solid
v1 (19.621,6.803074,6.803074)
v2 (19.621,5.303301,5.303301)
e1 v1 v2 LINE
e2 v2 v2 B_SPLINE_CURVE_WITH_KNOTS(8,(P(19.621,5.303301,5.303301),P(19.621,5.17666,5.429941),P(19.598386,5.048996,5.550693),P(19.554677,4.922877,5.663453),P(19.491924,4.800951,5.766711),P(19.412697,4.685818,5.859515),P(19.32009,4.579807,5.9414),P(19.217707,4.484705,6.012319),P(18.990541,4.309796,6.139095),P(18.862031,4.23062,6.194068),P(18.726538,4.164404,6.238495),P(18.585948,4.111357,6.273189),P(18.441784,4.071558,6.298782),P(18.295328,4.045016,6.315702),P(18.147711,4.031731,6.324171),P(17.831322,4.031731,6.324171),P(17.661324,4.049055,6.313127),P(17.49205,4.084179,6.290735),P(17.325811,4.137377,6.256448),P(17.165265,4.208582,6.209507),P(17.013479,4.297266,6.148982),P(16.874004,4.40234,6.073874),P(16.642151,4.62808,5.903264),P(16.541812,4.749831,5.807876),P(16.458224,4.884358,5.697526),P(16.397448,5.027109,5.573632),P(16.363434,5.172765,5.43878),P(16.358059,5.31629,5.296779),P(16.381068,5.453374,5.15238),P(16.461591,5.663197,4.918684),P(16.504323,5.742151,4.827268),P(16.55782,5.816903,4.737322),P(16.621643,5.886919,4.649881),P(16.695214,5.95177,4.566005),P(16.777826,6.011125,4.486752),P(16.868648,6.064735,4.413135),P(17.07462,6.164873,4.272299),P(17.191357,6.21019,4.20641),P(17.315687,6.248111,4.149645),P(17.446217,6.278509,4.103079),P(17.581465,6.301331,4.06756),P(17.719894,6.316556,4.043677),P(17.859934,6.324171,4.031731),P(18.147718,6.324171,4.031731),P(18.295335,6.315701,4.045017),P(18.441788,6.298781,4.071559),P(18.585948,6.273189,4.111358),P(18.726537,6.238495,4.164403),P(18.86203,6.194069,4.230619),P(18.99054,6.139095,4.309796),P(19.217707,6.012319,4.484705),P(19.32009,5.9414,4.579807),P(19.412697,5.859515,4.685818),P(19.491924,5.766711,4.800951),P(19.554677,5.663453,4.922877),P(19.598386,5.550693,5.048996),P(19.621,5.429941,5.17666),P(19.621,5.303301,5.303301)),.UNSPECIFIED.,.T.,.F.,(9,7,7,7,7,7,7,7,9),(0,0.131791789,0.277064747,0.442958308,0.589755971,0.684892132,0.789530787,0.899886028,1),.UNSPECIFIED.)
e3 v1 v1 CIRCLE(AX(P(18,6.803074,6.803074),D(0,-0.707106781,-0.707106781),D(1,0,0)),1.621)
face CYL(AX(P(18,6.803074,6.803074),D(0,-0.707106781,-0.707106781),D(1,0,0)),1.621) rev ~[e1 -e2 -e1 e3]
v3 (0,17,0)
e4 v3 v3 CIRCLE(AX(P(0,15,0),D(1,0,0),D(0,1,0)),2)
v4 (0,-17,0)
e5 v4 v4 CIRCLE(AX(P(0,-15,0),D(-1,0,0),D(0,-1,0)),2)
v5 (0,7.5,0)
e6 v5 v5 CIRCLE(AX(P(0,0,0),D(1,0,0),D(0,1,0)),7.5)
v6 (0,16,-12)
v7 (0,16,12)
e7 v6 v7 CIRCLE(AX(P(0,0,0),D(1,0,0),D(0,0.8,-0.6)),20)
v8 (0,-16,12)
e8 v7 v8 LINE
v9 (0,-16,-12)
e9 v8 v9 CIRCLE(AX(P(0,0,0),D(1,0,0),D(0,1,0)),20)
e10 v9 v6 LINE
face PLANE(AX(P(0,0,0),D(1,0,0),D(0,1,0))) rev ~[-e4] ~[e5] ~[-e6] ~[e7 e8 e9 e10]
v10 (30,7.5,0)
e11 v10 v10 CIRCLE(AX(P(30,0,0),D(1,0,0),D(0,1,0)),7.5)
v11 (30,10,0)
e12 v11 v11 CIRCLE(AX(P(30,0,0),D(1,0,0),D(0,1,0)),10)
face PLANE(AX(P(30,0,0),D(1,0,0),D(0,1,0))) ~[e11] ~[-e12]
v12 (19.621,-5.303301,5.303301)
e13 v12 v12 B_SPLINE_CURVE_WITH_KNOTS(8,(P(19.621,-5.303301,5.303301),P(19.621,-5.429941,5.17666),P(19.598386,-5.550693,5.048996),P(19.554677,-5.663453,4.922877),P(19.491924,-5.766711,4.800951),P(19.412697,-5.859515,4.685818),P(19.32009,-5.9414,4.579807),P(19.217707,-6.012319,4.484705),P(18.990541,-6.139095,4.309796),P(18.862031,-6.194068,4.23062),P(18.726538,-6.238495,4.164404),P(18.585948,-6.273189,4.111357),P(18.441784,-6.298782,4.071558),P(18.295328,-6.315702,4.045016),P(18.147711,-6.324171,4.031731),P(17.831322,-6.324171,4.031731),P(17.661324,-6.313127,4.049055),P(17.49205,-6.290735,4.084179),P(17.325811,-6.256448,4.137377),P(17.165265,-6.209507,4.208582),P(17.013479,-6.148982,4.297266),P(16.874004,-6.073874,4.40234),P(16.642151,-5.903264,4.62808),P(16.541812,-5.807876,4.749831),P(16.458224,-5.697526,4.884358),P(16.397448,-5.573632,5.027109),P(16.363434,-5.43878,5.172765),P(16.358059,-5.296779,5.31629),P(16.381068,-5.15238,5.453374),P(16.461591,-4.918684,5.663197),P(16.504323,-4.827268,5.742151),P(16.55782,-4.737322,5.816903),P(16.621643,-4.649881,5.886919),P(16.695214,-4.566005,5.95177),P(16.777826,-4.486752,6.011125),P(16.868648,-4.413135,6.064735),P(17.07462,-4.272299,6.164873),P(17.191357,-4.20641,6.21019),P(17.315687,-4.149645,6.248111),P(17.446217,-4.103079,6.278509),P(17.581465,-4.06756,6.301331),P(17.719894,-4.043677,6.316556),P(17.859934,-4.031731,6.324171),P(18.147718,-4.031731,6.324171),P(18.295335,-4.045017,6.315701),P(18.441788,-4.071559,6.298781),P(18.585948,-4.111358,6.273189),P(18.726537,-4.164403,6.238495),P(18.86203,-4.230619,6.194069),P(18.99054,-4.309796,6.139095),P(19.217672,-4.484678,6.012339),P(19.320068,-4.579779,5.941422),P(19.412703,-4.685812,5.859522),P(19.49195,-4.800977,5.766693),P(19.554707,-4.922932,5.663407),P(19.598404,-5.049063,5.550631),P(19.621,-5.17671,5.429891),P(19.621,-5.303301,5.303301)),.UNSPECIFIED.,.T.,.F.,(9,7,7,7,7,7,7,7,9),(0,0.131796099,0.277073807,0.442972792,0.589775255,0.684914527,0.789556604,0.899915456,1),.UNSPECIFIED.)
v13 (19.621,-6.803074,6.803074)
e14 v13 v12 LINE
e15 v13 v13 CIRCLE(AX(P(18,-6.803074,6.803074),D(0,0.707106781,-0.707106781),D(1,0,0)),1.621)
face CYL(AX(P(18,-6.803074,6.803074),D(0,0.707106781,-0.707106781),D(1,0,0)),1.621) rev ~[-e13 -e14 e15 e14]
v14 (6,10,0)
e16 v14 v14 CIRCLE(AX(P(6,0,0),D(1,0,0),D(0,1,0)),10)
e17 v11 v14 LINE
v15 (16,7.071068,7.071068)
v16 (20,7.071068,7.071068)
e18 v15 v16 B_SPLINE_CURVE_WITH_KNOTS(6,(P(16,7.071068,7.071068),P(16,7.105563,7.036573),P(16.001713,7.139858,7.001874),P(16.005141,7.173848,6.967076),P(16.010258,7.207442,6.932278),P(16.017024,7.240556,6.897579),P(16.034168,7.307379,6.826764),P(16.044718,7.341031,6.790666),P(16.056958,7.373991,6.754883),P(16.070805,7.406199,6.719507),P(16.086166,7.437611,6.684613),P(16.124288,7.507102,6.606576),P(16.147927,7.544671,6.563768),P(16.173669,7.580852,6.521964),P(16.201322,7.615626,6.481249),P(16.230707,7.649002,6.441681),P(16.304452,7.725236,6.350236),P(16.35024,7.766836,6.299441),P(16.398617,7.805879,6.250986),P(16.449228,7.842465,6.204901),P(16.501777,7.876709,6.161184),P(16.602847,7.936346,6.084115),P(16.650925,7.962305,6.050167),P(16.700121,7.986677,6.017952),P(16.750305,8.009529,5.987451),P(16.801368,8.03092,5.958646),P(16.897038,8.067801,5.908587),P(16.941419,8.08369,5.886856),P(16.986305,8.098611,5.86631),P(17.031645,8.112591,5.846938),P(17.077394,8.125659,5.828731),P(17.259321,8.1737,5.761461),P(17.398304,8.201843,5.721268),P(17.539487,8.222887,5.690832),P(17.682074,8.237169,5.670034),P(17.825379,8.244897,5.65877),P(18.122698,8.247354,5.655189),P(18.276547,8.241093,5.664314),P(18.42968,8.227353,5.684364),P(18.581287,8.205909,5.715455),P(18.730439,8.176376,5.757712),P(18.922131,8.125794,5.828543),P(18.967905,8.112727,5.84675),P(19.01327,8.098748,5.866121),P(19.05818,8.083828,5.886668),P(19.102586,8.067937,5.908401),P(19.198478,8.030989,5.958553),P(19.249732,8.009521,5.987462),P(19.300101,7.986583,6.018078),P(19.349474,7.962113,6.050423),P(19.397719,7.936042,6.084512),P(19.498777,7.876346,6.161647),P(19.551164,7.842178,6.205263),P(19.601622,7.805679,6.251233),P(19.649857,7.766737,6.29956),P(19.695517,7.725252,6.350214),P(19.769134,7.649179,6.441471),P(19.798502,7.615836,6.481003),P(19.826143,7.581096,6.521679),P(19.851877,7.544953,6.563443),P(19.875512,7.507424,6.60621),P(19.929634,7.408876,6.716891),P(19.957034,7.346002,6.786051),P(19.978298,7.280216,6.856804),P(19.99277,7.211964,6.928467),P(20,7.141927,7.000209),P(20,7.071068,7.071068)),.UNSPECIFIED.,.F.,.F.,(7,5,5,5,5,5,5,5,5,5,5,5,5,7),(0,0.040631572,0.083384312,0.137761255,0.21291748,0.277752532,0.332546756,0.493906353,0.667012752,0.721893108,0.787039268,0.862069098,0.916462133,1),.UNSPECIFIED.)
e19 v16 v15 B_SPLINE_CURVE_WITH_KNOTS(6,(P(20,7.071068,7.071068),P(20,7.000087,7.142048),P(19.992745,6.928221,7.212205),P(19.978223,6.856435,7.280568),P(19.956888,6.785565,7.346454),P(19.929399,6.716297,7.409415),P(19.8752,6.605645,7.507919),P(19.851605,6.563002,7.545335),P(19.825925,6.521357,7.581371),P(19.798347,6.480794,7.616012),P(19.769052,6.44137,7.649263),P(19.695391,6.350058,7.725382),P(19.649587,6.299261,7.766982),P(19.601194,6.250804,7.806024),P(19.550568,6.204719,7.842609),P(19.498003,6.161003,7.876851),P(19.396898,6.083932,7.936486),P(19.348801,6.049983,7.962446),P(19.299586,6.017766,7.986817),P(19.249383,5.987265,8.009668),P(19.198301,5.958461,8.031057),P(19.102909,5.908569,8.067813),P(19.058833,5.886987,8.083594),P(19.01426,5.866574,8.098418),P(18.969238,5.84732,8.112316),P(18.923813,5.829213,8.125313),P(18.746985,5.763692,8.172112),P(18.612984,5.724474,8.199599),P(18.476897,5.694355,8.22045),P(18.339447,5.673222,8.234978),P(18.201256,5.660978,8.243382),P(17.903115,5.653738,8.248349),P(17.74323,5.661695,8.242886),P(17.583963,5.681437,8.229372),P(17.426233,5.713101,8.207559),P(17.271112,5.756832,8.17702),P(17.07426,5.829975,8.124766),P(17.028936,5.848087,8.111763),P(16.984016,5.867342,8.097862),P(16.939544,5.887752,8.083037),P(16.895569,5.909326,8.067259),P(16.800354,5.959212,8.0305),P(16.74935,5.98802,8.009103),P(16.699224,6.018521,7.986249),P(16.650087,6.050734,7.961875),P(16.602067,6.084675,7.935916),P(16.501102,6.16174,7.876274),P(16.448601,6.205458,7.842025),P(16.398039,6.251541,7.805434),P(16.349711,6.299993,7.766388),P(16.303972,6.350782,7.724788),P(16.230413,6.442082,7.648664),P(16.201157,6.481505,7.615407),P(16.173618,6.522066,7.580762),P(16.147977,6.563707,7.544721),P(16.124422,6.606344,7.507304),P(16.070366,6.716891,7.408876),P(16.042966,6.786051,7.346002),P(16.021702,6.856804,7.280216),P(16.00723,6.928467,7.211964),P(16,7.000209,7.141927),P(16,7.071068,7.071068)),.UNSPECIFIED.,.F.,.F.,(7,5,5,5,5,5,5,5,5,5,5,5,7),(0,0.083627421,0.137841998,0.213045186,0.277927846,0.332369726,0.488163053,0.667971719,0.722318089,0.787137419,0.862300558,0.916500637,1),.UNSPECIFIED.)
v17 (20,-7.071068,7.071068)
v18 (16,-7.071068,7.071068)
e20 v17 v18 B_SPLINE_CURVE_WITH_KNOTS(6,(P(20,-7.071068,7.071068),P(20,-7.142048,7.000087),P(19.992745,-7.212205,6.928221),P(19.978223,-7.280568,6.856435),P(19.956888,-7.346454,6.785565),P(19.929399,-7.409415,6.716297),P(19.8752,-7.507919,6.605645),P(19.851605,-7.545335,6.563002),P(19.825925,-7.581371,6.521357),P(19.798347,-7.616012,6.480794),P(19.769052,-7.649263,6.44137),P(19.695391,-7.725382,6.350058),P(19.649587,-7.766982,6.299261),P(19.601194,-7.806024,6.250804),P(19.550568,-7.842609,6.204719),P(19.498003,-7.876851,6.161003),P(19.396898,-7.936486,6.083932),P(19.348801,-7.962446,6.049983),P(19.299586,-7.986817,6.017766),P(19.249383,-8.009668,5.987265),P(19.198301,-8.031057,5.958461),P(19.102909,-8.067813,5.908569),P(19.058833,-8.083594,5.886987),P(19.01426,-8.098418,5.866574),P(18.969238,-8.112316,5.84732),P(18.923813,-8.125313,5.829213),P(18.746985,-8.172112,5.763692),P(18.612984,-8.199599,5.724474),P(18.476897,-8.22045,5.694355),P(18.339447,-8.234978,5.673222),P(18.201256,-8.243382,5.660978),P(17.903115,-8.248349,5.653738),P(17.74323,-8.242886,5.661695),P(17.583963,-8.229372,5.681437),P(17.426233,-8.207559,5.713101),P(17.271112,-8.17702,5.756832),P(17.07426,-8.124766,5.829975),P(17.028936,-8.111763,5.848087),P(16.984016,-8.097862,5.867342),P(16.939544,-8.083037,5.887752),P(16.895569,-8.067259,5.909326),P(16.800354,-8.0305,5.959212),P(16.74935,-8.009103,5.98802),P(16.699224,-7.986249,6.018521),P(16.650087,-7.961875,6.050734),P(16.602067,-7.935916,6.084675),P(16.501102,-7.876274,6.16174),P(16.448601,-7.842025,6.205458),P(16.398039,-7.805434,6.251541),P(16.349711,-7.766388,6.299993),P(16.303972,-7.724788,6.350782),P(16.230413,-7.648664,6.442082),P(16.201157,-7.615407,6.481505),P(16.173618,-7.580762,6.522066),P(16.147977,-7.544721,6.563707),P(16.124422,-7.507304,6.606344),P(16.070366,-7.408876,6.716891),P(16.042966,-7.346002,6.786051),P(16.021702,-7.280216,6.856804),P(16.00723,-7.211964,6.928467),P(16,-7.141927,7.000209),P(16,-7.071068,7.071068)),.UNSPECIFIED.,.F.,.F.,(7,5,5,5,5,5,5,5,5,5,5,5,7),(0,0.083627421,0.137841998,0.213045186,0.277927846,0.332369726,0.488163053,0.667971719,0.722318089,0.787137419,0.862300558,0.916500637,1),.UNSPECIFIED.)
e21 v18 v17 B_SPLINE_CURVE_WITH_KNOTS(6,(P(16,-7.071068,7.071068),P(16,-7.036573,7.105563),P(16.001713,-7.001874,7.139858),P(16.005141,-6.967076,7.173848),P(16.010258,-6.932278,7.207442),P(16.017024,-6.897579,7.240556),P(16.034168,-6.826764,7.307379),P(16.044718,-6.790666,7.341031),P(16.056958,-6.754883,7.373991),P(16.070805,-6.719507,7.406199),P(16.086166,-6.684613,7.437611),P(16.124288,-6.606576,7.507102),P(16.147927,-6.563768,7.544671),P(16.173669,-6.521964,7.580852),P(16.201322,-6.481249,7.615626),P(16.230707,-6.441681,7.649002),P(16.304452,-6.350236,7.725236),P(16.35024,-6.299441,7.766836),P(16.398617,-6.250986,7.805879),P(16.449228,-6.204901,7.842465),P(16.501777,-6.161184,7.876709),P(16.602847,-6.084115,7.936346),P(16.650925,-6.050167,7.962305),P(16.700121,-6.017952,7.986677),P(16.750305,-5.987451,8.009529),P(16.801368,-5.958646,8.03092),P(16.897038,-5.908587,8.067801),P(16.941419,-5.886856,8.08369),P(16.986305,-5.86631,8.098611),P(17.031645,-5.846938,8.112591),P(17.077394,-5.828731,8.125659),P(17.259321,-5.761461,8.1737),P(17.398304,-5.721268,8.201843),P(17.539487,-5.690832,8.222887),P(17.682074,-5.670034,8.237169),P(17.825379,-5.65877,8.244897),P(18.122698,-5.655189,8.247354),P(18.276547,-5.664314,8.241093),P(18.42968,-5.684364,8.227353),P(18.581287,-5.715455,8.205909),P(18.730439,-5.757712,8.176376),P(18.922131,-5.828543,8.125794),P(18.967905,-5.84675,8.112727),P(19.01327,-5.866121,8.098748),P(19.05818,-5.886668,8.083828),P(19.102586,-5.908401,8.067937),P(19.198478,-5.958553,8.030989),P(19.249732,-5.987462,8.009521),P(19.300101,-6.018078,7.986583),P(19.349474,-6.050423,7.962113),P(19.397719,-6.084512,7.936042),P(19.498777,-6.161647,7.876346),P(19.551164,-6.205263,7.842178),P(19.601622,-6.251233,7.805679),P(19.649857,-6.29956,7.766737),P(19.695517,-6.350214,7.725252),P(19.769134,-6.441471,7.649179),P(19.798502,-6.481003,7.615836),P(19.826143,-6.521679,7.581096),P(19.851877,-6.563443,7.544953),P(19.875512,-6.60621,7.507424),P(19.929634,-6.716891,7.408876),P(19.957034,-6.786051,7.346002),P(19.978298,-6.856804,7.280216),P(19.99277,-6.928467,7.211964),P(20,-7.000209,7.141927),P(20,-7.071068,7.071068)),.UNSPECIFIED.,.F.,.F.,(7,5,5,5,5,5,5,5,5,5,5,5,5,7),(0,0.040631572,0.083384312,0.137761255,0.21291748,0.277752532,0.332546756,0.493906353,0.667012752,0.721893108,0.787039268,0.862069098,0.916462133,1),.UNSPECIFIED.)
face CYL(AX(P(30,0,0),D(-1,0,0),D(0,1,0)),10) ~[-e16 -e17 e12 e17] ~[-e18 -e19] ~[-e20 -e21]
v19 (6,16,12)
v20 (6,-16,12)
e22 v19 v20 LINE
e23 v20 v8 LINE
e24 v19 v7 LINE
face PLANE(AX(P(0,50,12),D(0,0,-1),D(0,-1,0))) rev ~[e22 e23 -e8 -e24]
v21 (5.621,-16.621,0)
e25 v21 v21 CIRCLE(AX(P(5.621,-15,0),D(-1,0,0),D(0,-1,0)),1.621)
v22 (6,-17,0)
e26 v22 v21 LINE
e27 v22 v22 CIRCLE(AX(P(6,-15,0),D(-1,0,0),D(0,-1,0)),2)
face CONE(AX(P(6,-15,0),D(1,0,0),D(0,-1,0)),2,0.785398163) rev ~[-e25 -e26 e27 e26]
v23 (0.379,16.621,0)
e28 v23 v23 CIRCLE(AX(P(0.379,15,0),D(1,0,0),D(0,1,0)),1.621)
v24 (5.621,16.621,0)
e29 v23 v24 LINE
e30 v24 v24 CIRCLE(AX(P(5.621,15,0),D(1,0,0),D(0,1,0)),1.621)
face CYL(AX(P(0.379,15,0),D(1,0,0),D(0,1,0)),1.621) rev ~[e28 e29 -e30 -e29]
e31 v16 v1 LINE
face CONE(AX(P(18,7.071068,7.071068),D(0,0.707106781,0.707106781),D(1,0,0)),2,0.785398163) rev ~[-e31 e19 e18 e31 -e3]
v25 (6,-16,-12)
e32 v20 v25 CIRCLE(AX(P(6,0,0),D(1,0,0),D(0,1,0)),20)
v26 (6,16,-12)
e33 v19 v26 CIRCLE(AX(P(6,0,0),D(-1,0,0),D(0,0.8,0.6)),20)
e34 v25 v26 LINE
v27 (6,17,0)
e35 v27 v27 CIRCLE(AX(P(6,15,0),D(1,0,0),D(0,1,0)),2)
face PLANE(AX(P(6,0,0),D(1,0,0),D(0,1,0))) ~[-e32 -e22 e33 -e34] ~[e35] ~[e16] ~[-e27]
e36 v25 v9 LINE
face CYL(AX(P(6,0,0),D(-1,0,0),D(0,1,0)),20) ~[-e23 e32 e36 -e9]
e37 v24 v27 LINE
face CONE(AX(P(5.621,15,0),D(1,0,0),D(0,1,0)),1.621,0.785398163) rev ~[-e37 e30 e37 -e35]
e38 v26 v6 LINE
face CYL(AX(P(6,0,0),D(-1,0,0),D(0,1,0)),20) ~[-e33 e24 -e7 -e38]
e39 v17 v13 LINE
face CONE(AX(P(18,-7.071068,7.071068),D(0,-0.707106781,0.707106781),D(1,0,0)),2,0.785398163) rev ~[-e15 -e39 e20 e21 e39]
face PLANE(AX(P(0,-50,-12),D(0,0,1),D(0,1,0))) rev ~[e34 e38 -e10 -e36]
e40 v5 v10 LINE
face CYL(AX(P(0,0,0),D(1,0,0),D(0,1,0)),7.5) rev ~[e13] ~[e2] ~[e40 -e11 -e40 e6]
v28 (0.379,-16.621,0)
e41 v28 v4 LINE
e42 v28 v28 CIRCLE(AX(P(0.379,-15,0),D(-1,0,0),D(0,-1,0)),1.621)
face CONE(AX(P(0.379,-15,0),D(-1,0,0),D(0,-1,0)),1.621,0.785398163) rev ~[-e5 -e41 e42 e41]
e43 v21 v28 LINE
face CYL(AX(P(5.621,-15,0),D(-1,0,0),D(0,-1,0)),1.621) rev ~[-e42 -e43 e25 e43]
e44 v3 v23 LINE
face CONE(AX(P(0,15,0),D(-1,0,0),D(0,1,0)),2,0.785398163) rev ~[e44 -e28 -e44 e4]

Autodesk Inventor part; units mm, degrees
sketch "Sketch_1" plane through (0, 0, 0) normal (0, 0, 1) x (1, 0, 0)
  line L0 (30, 0) -> (0, 0)
  line L1 (0, 20) -> (0, 7.5)
  line L2 (0, 7.5) -> (30, 7.5)
  line L3 (30, 7.5) -> (30, 10)
  line L4 (30, 10) -> (6, 10)
  line L5 (6, 10) -> (6, 20)
  line L6 (6, 20) -> (0, 20)
revolve "Revolution1" add sketch "Sketch_1" angle 360 about axis through (30, 0, 0) along (1, 0, 0)
sketch "Sketch_3" plane through (0, 0, 0) normal (0, -0.7071, 0.7071) x (1, 0, 0)
  line L0 (18, 7.2284) -> (18, 10)
  line L1 (18, 10) -> (20, 10)
  line L2 (20, 10) -> (19.621, 9.621)
  line L3 (19.621, 9.621) -> (19.621, 7.2284)
  line L4 (19.621, 7.2284) -> (18, 7.2284)
  line L5 (18, 7.2284) -> (18, 10)
revolve "Revolution2" cut sketch "Sketch_3" angle 360 about axis through (18, 5.1113, 5.1113) along (0, -0.7071, -0.7071)
thread "Thread1" size "M4x0.7" class "6H" standard "ISO Metric profile" length 2.3926
sketch "Sketch_2" plane through (0, 0, 0) normal (0, -0.7071, -0.7071) x (1, 0, 0)
  line L0 (18, 7.2284) -> (18, 10)
  line L1 (18, 10) -> (20, 10)
  line L2 (20, 10) -> (19.621, 9.621)
  line L3 (19.621, 9.621) -> (19.621, 7.2284)
  line L4 (19.621, 7.2284) -> (18, 7.2284)
  line L5 (18, 7.2284) -> (18, 10)
revolve "Revolution3" cut sketch "Sketch_2" angle 360 about axis through (18, -5.1113, 5.1113) along (0, 0.7071, -0.7071)
thread "Thread2" size "M4x0.7" class "6H" standard "ISO Metric profile" length 2.3926
sketch "Sketch_4" plane through (0, 0, 0) normal (1, 0, 0) x (0, 1, 0)
  circle A0 centre (0, 0) radius 150
  line L0 (-50, 12) -> (-50, -12)
  line L1 (-50, -12) -> (50, -12)
  line L2 (50, -12) -> (50, 12)
  line L3 (50, 12) -> (-50, 12)
extrude "Extrusion1" cut sketch "Sketch_4" along normal blind 30
sketch "Sketch_12" plane through (0, 0, 0) normal (0, 0, 1) x (1, 0, 0)
  line L0 (6, 15) -> (0, 15)
  line L1 (0, 15) -> (0, 17)
  line L2 (0, 17) -> (0.379, 16.621)
  line L3 (0.379, 16.621) -> (5.621, 16.621)
  line L4 (5.621, 16.621) -> (6, 17)
  line L5 (6, 17) -> (6, 15)
  line L6 (6, 15) -> (0, 15)
revolve "Revolution4" cut sketch "Sketch_12" angle 360 about axis through (6, 15, 0) along (1, 0, 0)
thread "Thread3" size "M4x0.7" class "6H" standard "ISO Metric profile" full length
sketch "Sketch_14" plane through (0, 0, 0) normal (0, 0, 1) x (1, 0, 0)
  line L0 (0, -15) -> (6, -15)
  line L1 (6, -15) -> (6, -17)
  line L2 (6, -17) -> (5.621, -16.621)
  line L3 (5.621, -16.621) -> (0.379, -16.621)
  line L4 (0.379, -16.621) -> (0, -17)
  line L5 (0, -17) -> (0, -15)
  line L6 (0, -15) -> (6, -15)
revolve "Revolution5" cut sketch "Sketch_14" angle 360 about axis through (0, -15, 0) along (-1, 0, 0)
thread "Thread4" size "M4x0.7" class "6H" standard "ISO Metric profile" full length
ref_plane "to_screw1_XY" through (18, -5.3033, 5.3033) normal (0, -0.7071, 0.7071) x (1, 0, 0)
ref_plane "to_screw1_YZ" through (18, -5.3033, 5.3033) normal (1, 0, 0) x (0, 0.7071, 0.7071)
ref_plane "to_screw1_ZX" through (18, -5.3033, 5.3033) normal (0, 0.7071, 0.7071) x (0, -0.7071, 0.7071)
ref_plane "to_screw2_XY" through (18, 5.3033, 5.3033) normal (0, 0.7071, 0.7071) x (1, 0, 0)
ref_plane "to_screw2_YZ" through (18, 5.3033, 5.3033) normal (1, 0, 0) x (0, 0.7071, -0.7071)
ref_plane "to_screw2_ZX" through (18, 5.3033, 5.3033) normal (0, 0.7071, -0.7071) x (0, 0.7071, 0.7071)
properties part number "STHCBT15-MB_ss"
